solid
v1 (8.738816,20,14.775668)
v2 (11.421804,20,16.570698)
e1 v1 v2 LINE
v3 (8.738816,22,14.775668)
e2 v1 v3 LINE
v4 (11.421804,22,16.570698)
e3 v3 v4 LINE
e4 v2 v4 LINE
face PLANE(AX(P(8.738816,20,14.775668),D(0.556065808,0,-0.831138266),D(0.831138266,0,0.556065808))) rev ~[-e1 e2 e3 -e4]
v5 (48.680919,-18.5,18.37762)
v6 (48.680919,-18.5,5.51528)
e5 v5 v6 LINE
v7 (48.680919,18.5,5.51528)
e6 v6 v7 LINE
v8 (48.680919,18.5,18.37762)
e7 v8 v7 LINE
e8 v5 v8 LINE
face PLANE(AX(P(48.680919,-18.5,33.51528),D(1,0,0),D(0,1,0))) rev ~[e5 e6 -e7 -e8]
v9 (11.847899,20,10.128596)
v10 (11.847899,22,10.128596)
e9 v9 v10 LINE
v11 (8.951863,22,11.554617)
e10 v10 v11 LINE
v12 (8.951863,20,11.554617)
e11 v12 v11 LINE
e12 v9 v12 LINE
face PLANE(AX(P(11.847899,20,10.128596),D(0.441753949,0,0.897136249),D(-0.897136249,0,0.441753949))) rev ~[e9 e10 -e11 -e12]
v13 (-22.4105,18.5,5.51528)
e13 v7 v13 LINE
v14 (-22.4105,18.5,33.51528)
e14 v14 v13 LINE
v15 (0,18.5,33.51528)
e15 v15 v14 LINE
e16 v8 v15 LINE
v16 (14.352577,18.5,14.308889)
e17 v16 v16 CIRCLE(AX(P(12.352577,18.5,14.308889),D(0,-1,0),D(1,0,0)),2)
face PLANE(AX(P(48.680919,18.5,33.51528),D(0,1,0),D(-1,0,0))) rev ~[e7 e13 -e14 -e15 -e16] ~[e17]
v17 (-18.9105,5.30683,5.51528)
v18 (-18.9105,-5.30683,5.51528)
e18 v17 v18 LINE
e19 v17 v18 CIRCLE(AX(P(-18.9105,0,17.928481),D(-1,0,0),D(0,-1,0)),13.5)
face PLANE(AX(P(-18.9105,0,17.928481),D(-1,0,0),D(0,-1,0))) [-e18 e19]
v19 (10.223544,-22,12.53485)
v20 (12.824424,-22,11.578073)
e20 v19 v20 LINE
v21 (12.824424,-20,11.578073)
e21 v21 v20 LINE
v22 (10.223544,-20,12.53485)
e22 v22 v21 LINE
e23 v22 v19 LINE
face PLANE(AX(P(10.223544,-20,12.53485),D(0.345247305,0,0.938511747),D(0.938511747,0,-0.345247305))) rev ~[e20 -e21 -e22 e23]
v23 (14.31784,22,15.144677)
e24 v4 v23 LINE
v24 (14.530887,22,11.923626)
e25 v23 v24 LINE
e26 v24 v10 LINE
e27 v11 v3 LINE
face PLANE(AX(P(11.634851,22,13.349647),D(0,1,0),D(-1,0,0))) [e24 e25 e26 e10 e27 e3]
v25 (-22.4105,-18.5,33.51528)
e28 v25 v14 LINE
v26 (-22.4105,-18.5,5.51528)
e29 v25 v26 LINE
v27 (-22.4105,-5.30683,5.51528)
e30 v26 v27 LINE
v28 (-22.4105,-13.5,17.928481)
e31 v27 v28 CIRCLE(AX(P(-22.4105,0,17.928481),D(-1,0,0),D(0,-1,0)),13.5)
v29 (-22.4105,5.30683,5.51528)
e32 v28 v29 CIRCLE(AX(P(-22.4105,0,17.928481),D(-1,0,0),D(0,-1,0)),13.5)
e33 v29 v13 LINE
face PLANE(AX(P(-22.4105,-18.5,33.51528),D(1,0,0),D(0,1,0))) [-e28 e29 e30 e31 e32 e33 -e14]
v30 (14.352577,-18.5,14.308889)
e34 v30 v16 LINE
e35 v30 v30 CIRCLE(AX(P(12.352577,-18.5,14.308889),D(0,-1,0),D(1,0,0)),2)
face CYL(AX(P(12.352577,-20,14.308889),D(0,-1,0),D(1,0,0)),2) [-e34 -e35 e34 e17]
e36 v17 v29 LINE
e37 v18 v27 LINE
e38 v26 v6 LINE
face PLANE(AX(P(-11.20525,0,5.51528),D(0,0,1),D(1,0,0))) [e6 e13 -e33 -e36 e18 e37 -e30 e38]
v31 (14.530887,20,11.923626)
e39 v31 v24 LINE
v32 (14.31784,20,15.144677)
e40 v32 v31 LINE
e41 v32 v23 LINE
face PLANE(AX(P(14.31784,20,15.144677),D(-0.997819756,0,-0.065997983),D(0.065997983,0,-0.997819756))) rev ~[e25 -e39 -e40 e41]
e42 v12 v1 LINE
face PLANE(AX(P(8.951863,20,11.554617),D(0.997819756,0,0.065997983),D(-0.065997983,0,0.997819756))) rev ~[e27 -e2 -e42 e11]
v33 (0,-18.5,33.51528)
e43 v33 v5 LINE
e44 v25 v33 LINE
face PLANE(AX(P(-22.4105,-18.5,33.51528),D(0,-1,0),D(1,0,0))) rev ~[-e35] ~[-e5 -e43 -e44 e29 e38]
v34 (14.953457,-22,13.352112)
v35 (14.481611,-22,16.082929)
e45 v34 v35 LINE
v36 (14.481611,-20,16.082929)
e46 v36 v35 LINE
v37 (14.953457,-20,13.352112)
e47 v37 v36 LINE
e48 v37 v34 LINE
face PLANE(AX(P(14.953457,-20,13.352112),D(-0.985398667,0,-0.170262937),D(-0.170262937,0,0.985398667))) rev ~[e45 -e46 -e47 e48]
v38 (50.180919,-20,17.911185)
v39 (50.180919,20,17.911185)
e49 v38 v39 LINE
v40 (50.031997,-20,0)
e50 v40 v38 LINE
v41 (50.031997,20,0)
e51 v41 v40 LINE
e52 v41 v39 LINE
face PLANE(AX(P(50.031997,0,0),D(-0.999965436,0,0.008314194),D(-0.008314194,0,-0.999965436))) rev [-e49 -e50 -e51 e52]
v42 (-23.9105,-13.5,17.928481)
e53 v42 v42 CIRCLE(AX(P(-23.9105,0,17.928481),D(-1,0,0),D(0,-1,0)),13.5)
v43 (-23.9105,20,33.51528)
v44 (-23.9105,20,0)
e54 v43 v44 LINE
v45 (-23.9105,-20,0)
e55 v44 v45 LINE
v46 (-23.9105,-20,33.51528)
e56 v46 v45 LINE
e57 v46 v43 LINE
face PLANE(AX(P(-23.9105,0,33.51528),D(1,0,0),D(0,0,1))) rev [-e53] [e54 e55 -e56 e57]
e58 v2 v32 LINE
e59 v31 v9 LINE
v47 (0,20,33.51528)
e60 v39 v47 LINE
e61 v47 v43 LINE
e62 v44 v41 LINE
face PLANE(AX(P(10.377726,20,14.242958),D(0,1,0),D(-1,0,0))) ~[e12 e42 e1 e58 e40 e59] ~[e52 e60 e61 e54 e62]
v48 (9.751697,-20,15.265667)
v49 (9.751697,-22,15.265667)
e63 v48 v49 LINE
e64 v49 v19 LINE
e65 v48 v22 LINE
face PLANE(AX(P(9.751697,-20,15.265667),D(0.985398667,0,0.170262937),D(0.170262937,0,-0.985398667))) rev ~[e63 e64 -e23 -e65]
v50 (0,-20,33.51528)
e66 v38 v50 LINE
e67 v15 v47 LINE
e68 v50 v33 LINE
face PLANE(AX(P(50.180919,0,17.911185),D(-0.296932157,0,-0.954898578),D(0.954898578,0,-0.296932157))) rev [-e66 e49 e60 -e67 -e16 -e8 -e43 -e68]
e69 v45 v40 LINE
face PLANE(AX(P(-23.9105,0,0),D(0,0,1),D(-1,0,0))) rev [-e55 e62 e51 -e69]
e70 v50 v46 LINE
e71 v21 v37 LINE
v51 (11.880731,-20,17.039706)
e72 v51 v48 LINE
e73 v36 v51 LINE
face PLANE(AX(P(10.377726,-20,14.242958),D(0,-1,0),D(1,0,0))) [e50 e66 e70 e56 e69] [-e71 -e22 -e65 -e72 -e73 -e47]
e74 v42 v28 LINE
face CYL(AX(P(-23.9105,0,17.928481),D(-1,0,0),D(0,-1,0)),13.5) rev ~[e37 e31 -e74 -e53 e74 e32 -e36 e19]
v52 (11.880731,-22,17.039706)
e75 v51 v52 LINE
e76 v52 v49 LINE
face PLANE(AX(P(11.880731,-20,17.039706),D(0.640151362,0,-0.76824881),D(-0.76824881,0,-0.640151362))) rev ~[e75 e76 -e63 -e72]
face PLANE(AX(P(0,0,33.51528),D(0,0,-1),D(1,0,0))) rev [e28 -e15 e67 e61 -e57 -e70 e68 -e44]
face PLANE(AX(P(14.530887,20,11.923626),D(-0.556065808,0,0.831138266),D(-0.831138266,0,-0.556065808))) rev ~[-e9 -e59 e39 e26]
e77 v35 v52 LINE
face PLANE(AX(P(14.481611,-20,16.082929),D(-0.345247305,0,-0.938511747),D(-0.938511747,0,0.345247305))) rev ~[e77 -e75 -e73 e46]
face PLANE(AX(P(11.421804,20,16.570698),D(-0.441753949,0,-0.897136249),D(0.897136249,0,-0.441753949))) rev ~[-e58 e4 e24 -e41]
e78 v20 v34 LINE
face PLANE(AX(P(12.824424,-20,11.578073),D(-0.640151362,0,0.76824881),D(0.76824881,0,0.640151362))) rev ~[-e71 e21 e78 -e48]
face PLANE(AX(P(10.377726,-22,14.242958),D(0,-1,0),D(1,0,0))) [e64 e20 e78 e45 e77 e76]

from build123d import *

# Parameters (mm, degrees)
F1_DEPTH  = 20
F3_W      = 22.4105001092
F3_H      = 37
F3_W_2    = 48.6809194684
F4_DEPTH  = 28
F5_R      = 2
F6_DEPTH  = 2
F7_DEPTH  = 40
F8_DEPTH  = 2
F10_DEPTH = 2
F11_R     = 13.5
F12_DEPTH = 5


with BuildPart() as f1:
    # F0 (on Front) → F1 (new body)
    with BuildSketch(Plane.XZ):
        Polygon((-23.9105001092, 33.5152801126), (-23.9105001092, 0), (50.0319972634, 0), (50.1809194684, 17.9111845791), (0, 33.5152801126), align=None)
    extrude(amount=F1_DEPTH)

    # F2: F1 across face


with BuildPart() as f1_1:
    add(f1.part)
    add(f1.part.mirror(Plane(origin=(9.3059845029, 0, 14.6000769053), x_dir=(1, 0, 0), z_dir=(0, 1, 0))))

    # F3 (on face) → F4 (cut)
    with BuildSketch(Plane.XY.offset(33.5152801126)):
        with Locations((-11.2052500546, 0)):
            Rectangle(F3_W, F3_H)
        with Locations((24.3404597342, 0)):
            Rectangle(F3_W_2, F3_H)
    extrude(amount=-F4_DEPTH, mode=Mode.SUBTRACT)

    # F5 (on face) → F6 (join)
    with BuildSketch(Plane.XZ.offset(20)):
        Polygon((14.9534574564, 13.3521119993), (14.4816109652, 16.0829288897), (11.8807309195, 17.0397062869), (9.7516973649, 15.2656667936), (10.2235438561, 12.5348499033), (12.8244239018, 11.5780725061), align=None)
        with Locations((12.3525774106, 14.3088893965)):
            Circle(F5_R, mode=Mode.SUBTRACT)
    extrude(amount=F6_DEPTH)

    # F7 (add): a face of the model
    f7_faces = [f1_1.faces().sort_by_distance(p)[0] for p in [
        (12.3525774106, -20, 14.3088893965),
    ]]
    extrude(f7_faces, amount=-F7_DEPTH)

    # F8 (add): a face of the model
    f8_faces = [f1_1.faces().sort_by_distance(p)[0] for p in [
        (12.3525774106, -20, 14.3088893965),
    ]]
    extrude(f8_faces, amount=F8_DEPTH)

    # F9 (on face) → F10 (join)
    with BuildSketch(Plane(origin=(0, 20, 0), x_dir=(-1, 0, 0), z_dir=(0, 1, 0))):
        Polygon((-8.9518631259, 11.5546170938), (-8.7388157611, 14.7756681167), (-11.4218040914, 16.5706980583), (-14.3178397865, 15.144676977), (-14.5308871513, 11.9236259541), (-11.847898821, 10.1285960125), align=None)
    extrude(amount=F10_DEPTH)

    # F11 (on face) → F12 (cut)
    with BuildSketch(Plane(origin=(-23.9105001092, 0, 0), x_dir=(0, -1, 0), z_dir=(-1, 0, 0))):
        with Locations((0, 17.928481102)):
            Circle(F11_R)
    extrude(amount=-F12_DEPTH, mode=Mode.SUBTRACT)


solid = f1_1.part
